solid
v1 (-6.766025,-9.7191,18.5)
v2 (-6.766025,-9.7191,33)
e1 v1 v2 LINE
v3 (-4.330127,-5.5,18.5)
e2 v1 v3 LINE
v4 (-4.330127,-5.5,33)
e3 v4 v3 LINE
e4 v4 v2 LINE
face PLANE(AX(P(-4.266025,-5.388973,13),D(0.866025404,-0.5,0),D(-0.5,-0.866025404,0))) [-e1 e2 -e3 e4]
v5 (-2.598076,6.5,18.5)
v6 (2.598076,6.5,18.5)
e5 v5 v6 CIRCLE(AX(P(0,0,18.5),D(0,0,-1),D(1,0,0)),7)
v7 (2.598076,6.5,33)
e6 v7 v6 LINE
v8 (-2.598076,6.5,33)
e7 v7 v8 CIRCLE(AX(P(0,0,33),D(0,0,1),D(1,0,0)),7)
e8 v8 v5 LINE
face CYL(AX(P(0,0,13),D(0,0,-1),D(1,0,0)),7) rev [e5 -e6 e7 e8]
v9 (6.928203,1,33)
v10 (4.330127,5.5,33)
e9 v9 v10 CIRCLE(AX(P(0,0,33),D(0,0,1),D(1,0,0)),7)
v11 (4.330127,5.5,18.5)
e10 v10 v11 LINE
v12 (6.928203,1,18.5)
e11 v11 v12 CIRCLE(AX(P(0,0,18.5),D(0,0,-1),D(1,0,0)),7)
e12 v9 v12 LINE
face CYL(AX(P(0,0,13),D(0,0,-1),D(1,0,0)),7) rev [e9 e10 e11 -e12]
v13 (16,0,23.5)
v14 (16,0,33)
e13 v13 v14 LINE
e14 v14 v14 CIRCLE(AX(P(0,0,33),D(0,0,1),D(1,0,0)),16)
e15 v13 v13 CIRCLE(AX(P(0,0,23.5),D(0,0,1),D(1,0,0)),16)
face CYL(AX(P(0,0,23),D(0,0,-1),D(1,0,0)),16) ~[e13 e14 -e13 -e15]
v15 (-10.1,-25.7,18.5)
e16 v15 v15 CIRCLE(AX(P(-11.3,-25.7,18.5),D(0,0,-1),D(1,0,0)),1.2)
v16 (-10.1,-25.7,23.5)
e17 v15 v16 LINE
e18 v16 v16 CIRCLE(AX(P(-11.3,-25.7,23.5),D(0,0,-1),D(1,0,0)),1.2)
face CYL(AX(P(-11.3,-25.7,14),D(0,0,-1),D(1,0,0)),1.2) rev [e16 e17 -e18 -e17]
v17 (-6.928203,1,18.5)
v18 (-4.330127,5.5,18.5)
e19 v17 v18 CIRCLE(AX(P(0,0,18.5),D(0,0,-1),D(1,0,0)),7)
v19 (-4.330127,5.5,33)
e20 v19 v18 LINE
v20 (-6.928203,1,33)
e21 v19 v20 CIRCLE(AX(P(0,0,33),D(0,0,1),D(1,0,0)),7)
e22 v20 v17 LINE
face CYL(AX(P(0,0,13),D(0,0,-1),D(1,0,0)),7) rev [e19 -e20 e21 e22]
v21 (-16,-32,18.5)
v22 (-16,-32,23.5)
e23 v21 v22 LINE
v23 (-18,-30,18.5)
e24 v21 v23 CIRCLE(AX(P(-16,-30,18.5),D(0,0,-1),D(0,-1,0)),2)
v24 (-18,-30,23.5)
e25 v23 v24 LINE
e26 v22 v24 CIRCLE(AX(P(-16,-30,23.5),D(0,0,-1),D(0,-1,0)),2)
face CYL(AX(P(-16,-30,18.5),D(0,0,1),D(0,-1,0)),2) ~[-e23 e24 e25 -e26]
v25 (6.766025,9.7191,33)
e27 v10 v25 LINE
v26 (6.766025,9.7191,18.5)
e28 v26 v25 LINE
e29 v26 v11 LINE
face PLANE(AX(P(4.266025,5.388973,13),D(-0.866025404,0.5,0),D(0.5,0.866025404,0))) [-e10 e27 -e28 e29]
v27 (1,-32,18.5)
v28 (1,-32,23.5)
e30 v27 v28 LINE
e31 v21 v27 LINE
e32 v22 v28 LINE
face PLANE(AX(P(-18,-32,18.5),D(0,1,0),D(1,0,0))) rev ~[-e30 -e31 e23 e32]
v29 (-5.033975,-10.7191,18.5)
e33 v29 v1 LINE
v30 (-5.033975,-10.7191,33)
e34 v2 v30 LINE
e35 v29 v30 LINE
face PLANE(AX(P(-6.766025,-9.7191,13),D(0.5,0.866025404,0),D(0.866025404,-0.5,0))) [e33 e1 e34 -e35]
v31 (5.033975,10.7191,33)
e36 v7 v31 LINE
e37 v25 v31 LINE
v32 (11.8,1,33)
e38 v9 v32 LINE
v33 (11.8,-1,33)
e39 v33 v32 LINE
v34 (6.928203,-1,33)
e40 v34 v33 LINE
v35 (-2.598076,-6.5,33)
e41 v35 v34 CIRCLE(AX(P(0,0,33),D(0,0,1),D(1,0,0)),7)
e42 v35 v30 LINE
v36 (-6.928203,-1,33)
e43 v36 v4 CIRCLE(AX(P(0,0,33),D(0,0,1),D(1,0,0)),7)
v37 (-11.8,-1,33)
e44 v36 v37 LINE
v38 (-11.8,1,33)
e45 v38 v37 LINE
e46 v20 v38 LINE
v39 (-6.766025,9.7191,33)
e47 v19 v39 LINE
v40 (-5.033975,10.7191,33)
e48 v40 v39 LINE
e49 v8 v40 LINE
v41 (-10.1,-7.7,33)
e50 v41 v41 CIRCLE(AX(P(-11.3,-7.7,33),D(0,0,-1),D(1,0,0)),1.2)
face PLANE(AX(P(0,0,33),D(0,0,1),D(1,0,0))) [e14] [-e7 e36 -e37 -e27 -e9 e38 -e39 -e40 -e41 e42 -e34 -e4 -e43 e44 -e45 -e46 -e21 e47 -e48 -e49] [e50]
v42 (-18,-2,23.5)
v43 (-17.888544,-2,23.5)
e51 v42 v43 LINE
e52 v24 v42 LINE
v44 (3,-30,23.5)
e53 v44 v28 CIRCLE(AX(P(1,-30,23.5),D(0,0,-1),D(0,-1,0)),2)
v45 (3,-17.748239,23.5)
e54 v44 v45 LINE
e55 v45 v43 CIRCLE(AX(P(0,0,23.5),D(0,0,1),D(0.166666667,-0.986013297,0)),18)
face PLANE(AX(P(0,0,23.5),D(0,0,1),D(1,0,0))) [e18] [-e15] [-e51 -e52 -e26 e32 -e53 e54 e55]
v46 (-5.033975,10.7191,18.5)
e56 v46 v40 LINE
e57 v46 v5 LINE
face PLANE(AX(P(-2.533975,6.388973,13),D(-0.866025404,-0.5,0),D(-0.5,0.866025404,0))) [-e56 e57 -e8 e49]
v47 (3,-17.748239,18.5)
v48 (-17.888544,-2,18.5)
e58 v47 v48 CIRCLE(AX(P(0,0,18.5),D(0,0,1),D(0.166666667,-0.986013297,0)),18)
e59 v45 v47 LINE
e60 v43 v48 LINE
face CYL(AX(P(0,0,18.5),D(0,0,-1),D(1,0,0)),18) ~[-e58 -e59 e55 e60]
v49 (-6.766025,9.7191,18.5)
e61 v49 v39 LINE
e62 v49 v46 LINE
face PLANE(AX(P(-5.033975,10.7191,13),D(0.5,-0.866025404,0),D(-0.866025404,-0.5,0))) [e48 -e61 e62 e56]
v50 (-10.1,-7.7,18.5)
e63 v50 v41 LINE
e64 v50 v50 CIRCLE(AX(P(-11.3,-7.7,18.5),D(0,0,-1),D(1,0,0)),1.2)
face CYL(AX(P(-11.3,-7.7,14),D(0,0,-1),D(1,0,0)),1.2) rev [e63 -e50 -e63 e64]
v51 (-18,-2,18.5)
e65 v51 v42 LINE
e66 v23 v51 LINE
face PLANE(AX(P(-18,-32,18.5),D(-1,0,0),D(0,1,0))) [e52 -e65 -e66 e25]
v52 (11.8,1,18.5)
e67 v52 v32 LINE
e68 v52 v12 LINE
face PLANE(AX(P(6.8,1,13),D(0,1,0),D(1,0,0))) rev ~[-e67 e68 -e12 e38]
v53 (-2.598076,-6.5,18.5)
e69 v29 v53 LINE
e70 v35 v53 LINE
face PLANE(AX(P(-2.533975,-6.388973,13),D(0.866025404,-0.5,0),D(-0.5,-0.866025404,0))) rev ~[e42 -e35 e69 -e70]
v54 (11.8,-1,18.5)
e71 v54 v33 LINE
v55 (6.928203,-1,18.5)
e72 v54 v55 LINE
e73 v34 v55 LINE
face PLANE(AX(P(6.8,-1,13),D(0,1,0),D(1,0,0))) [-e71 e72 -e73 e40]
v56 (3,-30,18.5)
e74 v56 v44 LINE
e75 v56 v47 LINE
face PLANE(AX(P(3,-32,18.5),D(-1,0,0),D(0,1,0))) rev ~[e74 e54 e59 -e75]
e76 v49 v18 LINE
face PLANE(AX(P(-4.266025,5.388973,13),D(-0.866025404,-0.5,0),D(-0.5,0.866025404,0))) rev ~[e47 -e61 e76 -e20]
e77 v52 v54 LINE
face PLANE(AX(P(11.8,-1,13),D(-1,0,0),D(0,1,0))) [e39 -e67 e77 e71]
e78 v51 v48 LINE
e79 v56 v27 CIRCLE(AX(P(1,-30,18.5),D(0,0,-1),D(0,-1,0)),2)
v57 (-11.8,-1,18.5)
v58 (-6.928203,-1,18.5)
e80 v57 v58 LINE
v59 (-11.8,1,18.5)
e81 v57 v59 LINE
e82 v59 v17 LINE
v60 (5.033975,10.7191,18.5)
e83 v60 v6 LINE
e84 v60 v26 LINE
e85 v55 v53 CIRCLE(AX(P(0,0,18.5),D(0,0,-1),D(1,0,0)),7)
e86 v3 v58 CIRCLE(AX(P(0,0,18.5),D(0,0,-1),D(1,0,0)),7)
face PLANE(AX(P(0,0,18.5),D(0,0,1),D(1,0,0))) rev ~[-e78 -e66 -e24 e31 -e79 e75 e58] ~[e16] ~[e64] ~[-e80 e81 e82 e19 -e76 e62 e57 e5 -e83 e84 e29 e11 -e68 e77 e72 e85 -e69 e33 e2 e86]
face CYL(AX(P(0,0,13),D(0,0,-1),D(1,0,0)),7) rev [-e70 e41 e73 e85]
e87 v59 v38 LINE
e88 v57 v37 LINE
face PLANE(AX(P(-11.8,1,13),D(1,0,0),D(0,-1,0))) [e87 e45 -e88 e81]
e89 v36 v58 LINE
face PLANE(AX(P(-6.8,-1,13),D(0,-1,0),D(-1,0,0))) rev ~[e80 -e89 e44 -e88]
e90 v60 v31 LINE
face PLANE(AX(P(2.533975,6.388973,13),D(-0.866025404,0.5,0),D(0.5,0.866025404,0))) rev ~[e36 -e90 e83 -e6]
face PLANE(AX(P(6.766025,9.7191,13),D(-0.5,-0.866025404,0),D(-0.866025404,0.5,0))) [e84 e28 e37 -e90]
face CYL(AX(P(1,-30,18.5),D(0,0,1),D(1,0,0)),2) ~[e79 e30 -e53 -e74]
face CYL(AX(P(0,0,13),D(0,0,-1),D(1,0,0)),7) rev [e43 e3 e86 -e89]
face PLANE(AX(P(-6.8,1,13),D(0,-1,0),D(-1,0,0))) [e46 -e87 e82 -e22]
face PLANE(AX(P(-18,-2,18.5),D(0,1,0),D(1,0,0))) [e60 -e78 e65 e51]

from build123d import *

# Parameters (mm, degrees)
CYLINDER004_R     = 7
CYLINDER004_DEPTH = 20
BOX001_W          = 5
BOX001_H          = 2
BOX001_DEPTH      = 20
ARRAY006_COUNT    = 5
ARRAY006_ANGLE    = 240
CYLINDER014_R     = 1.2
CYLINDER014_DEPTH = 10
CYLINDER013_R     = 1.2
CYLINDER013_DEPTH = 20
CYLINDER006_R     = 16
CYLINDER006_DEPTH = 10
CYLINDER005_R     = 18
CYLINDER005_DEPTH = 5
BOX017_W          = 21
BOX017_H          = 30
BOX017_DEPTH      = 5
FILLET_R          = 2


with BuildPart() as cilindro004:
    # Cylinder004 → Cylinder004 (new body)
    with BuildSketch(Plane.XY):
        Circle(CYLINDER004_R)
    extrude(amount=CYLINDER004_DEPTH)


with BuildPart() as axle_model:
    # Box001 → Box001 (new body)
    with BuildSketch(Plane(origin=(6.8, -1, 0), x_dir=(1, 0, 0), z_dir=(0, 0, 1))):
        with Locations((2.5, 1)):
            Rectangle(BOX001_W, BOX001_H)
    extrude(amount=BOX001_DEPTH)

    # Array006: Axle_Model ×5 about axis
    array006_axis = Axis((0, 0, 0), (0, 0, 1))


with BuildPart() as axle_model_1:
    add(axle_model.part)
    for i in range(1, ARRAY006_COUNT):
        add(axle_model.part.rotate(array006_axis, i * ARRAY006_ANGLE / (ARRAY006_COUNT - 1)))

    # Fusion009: union Cilindro004
    add(cilindro004.part)


with BuildPart() as axle_model_2:
    # Fusion009 placement: moved
    add(axle_model_1.part.moved(Location((0, 0, 13))))


with BuildPart() as cilindro013:
    # Cylinder014 → Cylinder014 (new body)
    with BuildSketch(Plane(origin=(-11.3, -25.7, 14), x_dir=(1, 0, 0), z_dir=(0, 0, 1))):
        Circle(CYLINDER014_R)
    extrude(amount=CYLINDER014_DEPTH)


with BuildPart() as cilindro012:
    # Cylinder013 → Cylinder013 (new body)
    with BuildSketch(Plane(origin=(-11.3, -7.7, 14), x_dir=(1, 0, 0), z_dir=(0, 0, 1))):
        Circle(CYLINDER013_R)
    extrude(amount=CYLINDER013_DEPTH)


with BuildPart() as cilindro006:
    # Cylinder006 → Cylinder006 (new body)
    with BuildSketch(Plane.XY.offset(18)):
        Circle(CYLINDER006_R)
    extrude(amount=CYLINDER006_DEPTH)


with BuildPart() as fusion015:
    # Cylinder005 → Cylinder005 (new body)
    with BuildSketch(Plane.XY.offset(13.5)):
        Circle(CYLINDER005_R)
    extrude(amount=CYLINDER005_DEPTH)

    # Fusion015: union Cilindro006
    add(cilindro006.part)


with BuildPart() as sensorsupport:
    # Box017 → Box017 (new body)
    with BuildSketch(Plane(origin=(-18, -32, 13.5), x_dir=(1, 0, 0), z_dir=(0, 0, 1))):
        with Locations((10.5, 15)):
            Rectangle(BOX017_W, BOX017_H)
    extrude(amount=BOX017_DEPTH)

    # Fusion016: union Fusion015
    add(fusion015.part)


with BuildPart() as sensorsupport_1:
    # Fusion016 placement: moved
    add(sensorsupport.part.moved(Location((0, 0, 5))))

    # Cut015: cut Cilindro012
    add(cilindro012.part, mode=Mode.SUBTRACT)

    # Cut016: cut Cilindro013
    add(cilindro013.part, mode=Mode.SUBTRACT)

    # Cut: cut Axle_Model
    add(axle_model_2.part, mode=Mode.SUBTRACT)

    # Fillet
    fillet_edges = [sensorsupport_1.edges().sort_by_distance(p)[0] for p in [
        (-18, -32, 21),
        (3, -32, 21),
    ]]
    fillet(fillet_edges, radius=FILLET_R)


solid = sensorsupport_1.part
